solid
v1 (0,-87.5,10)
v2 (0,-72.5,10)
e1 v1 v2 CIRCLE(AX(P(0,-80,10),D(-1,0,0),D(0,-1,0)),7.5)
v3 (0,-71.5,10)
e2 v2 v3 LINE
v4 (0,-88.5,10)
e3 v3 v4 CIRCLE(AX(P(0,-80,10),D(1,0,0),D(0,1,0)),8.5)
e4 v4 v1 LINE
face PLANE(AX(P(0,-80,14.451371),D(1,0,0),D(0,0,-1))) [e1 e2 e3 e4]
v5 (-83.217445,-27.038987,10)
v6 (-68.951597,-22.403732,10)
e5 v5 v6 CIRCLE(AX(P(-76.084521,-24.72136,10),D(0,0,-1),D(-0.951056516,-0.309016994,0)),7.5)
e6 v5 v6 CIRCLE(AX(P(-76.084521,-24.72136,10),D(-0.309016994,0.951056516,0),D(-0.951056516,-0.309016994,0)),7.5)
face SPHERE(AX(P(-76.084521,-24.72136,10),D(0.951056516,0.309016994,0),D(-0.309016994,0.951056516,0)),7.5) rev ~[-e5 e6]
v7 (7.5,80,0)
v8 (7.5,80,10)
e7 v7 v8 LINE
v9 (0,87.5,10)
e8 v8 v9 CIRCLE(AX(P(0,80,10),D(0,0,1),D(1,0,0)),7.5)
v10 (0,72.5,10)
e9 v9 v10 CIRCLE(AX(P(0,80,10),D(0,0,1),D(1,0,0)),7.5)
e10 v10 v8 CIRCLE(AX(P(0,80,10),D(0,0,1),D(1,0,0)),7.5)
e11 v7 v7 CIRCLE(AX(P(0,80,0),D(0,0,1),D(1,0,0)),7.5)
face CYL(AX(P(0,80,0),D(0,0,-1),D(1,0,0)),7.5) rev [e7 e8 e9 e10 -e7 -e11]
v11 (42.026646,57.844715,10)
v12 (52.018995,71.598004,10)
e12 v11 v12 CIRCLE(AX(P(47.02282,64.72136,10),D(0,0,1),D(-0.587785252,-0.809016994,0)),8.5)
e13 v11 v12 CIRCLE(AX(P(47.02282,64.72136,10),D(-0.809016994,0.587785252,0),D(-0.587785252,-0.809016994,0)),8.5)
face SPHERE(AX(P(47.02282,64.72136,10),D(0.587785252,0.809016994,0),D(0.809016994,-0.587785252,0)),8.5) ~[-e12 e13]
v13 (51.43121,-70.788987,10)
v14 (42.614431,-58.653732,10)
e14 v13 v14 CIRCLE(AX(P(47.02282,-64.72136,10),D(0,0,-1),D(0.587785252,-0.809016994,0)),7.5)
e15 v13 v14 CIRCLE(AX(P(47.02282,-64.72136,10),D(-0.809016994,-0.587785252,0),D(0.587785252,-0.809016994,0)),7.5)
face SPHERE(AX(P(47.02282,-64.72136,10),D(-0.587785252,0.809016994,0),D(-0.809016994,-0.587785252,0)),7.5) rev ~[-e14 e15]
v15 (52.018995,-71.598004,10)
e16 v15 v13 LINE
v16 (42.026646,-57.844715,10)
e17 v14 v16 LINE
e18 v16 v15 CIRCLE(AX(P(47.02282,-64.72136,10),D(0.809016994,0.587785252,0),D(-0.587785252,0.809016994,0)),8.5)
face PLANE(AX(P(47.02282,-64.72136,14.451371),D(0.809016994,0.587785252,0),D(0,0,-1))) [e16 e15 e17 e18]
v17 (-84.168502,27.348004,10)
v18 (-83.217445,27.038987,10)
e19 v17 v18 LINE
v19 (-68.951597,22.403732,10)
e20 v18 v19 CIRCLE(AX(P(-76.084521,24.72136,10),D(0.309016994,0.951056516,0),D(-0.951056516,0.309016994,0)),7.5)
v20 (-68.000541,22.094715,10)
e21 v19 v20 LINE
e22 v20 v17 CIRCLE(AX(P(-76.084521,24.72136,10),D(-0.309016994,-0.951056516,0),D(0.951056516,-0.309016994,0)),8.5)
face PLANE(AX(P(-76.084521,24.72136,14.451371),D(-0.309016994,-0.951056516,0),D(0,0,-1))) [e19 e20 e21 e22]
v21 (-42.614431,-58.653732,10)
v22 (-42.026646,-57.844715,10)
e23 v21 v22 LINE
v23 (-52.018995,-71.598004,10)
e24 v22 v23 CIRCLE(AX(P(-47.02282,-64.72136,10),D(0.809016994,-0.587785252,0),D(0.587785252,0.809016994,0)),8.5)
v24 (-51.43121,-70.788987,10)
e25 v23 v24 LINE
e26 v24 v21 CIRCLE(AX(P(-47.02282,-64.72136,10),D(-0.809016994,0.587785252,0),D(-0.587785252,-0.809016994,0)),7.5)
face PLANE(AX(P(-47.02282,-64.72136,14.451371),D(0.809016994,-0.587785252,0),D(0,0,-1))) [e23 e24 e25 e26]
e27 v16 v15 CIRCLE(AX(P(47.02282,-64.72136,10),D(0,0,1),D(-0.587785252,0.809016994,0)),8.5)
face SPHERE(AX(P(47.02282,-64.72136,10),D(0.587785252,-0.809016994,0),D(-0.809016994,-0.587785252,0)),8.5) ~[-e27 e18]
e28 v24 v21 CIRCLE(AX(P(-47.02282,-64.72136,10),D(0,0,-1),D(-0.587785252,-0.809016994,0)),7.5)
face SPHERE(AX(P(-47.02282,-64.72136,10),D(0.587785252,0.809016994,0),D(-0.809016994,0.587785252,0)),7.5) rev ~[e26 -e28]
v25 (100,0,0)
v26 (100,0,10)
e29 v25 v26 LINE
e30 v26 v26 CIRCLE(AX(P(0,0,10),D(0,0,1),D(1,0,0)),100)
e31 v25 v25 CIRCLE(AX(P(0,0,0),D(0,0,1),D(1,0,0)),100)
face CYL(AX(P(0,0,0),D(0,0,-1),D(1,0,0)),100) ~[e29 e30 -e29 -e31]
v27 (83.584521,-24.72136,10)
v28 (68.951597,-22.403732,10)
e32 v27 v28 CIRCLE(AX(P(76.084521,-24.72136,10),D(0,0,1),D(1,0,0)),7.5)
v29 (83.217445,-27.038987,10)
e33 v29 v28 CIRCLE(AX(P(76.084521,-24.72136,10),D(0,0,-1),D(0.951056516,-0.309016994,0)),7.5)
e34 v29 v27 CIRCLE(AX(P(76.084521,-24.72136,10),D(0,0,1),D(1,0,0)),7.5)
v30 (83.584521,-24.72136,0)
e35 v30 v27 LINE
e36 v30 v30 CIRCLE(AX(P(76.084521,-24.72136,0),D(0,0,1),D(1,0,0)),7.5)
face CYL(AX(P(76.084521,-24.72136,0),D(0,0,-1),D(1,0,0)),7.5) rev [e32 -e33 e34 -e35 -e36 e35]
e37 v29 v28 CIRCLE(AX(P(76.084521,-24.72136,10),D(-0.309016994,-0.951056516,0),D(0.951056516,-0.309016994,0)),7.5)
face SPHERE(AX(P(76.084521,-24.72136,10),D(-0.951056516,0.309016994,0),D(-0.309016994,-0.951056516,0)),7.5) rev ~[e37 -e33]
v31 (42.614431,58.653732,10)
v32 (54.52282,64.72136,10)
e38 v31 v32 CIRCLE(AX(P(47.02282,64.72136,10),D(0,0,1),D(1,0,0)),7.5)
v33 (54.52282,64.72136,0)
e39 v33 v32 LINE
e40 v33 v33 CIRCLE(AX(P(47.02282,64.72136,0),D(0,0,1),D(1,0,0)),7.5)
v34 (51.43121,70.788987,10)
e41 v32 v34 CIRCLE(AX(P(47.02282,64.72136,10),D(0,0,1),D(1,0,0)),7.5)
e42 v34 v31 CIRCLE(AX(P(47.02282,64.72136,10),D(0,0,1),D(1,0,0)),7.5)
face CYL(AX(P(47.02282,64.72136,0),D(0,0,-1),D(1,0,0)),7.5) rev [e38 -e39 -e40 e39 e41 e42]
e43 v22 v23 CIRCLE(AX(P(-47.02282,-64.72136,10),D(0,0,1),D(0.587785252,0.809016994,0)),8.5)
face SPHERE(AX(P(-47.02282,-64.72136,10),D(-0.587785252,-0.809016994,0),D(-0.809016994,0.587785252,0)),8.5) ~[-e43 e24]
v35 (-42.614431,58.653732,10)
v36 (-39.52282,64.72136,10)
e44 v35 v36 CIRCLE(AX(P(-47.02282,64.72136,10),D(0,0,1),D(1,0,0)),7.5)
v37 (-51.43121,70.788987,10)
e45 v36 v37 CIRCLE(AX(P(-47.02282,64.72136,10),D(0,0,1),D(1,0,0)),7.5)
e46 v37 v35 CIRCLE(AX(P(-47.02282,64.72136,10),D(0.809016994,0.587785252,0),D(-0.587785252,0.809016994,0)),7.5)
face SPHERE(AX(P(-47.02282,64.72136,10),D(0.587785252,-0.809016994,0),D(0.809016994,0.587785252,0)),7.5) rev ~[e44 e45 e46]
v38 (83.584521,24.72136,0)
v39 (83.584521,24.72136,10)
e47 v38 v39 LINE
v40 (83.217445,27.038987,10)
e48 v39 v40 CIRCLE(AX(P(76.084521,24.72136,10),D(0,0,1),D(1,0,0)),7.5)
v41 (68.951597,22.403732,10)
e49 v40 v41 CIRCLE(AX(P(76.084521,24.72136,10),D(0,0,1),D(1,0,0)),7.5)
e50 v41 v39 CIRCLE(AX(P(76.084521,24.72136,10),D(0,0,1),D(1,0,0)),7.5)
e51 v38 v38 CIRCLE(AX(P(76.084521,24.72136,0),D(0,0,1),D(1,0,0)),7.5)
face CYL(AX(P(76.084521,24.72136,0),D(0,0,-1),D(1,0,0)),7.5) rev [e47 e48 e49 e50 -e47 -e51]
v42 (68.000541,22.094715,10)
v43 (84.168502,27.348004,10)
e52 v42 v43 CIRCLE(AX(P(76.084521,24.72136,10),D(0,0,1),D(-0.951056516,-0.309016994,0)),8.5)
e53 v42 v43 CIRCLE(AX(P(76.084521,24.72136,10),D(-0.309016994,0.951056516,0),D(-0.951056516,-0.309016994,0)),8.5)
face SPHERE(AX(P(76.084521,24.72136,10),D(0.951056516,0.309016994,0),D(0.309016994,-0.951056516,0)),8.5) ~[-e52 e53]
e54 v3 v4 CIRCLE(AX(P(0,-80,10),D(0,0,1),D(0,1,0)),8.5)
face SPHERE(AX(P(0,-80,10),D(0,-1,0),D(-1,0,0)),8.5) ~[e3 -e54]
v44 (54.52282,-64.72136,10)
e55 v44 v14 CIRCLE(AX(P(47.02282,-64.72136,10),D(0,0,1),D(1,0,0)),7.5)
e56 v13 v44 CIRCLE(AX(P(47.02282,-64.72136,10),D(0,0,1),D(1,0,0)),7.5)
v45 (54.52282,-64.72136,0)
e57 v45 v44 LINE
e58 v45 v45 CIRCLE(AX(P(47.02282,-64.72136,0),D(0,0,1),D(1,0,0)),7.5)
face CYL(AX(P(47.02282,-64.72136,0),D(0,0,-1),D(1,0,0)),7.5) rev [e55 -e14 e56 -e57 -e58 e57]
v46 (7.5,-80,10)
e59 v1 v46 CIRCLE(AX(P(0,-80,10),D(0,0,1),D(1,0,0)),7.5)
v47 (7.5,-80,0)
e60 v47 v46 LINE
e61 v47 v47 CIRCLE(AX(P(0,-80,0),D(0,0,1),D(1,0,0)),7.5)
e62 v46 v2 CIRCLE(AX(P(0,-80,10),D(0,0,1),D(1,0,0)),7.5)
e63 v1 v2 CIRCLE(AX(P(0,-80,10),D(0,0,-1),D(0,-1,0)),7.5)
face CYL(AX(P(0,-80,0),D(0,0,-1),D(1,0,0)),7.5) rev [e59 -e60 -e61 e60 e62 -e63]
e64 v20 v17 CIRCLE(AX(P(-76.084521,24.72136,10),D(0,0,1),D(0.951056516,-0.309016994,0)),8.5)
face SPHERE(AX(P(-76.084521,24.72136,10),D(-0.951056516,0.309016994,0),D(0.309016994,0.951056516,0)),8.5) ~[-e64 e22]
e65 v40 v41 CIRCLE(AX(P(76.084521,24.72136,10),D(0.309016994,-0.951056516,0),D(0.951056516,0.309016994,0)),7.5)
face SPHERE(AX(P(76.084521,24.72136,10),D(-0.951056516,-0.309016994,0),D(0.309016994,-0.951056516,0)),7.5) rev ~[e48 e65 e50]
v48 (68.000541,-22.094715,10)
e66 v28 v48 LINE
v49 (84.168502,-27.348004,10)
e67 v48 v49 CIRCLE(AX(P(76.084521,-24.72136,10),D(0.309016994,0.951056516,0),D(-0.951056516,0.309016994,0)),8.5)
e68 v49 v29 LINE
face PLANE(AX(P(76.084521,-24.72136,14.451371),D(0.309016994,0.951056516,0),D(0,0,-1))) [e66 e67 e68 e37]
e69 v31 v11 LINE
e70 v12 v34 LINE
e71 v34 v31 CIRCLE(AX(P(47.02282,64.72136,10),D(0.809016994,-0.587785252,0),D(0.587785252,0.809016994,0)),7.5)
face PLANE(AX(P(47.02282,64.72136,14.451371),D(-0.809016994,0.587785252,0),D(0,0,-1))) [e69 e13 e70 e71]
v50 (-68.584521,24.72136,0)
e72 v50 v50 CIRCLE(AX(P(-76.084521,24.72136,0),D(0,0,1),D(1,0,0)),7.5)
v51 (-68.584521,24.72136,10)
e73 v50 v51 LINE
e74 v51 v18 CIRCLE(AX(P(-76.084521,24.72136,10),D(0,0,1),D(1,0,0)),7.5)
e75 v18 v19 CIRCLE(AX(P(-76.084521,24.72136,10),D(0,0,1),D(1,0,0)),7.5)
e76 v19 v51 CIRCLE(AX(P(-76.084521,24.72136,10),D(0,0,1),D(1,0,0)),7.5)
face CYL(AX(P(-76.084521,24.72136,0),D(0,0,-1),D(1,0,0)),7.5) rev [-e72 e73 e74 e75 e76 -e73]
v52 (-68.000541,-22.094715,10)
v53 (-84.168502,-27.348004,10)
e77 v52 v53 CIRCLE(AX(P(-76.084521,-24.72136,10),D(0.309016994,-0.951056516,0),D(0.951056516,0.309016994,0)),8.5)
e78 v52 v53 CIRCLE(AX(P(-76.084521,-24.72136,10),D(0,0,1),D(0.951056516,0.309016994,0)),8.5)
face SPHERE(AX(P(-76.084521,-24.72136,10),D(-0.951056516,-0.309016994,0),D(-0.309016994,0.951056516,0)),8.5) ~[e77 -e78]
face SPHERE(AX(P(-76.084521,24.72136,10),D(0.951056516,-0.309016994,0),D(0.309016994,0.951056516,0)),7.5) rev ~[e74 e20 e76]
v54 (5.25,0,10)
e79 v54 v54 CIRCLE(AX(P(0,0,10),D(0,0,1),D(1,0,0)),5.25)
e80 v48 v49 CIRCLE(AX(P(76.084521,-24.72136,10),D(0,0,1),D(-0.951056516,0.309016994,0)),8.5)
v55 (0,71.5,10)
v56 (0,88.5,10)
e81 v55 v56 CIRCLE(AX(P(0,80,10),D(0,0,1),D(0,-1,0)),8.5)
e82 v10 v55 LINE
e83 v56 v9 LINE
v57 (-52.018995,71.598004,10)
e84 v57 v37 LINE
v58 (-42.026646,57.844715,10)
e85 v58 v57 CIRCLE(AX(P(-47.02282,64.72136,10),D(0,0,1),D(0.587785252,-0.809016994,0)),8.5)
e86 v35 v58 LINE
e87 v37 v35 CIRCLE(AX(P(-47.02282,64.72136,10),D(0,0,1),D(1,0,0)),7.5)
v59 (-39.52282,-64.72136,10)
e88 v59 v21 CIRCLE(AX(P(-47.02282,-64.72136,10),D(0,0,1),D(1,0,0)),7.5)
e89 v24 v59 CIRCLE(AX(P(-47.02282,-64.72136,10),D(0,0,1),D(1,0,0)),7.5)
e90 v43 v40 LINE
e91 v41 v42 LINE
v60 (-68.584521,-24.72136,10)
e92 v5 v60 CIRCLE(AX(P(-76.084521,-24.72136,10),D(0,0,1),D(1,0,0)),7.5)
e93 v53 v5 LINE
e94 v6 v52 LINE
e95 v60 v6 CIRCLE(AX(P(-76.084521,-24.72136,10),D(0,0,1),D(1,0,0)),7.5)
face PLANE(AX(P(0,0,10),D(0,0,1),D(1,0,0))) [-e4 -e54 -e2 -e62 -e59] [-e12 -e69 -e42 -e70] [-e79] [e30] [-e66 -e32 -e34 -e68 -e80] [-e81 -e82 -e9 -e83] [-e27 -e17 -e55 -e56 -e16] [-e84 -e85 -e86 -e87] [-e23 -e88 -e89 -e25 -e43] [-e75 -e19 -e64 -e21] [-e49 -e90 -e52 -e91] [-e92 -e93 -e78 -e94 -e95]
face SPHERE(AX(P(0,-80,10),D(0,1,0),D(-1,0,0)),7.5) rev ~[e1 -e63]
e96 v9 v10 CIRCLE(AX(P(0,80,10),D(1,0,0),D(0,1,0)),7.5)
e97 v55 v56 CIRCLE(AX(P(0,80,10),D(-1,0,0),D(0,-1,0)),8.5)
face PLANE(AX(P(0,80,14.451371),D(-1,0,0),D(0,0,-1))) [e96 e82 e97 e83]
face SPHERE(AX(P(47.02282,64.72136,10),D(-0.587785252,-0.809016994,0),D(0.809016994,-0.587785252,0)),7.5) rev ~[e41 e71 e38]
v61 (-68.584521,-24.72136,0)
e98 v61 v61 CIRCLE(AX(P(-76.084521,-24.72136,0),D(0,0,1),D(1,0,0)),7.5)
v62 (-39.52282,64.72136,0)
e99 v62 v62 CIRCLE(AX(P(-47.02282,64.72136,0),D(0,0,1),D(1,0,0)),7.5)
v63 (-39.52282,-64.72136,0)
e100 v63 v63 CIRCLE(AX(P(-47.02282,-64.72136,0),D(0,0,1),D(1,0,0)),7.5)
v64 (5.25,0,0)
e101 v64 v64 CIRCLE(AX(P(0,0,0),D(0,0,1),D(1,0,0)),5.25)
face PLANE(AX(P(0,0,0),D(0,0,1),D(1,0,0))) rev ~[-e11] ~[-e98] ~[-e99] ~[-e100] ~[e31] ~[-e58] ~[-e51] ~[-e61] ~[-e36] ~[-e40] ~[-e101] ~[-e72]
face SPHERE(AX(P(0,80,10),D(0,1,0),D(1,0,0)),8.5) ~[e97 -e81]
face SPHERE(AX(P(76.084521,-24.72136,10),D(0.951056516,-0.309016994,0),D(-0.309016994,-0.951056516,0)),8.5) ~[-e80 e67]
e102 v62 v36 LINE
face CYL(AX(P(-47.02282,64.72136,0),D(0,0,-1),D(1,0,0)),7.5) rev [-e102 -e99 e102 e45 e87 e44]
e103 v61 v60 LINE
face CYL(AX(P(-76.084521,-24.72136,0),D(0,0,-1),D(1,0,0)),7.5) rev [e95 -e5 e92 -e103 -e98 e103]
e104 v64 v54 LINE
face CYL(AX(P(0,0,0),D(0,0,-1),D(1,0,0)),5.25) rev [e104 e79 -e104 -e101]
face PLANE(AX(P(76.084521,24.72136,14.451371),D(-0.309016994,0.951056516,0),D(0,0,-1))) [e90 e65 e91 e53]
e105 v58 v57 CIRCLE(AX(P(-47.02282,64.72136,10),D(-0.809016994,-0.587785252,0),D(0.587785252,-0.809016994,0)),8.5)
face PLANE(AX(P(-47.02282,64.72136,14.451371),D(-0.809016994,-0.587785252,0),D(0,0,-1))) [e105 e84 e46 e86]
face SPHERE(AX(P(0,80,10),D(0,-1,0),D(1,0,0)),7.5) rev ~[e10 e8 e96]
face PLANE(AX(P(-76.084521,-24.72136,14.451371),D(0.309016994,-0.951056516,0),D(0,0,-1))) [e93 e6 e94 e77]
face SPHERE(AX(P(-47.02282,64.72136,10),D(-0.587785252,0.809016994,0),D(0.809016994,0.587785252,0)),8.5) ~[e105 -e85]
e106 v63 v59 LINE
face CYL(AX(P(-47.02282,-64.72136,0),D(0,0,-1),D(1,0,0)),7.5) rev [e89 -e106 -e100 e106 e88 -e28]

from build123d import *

# Parameters (mm, degrees)
SKETCH2_R           = 100
SKETCH2_R_2         = 5.25
SKETCH2_R_3         = 7.5
BOSS_EXTRUDE1_DEPTH = 10
REVOLVE6_ANGLE      = 90
CIRPATTERN3_COUNT   = 10


with BuildPart() as part:
    # Sketch2 → Boss-Extrude1 (new body)
    with BuildSketch(Plane.XY):
        Circle(SKETCH2_R)
        Circle(SKETCH2_R_2, mode=Mode.SUBTRACT)
        with Locations((0, 80)):
            Circle(SKETCH2_R_3, mode=Mode.SUBTRACT)
        with Locations((47.022820183, 64.72135955)):
            Circle(SKETCH2_R_3, mode=Mode.SUBTRACT)
        with Locations((76.084521304, 24.72135955)):
            Circle(SKETCH2_R_3, mode=Mode.SUBTRACT)
        with Locations((76.084521304, -24.72135955)):
            Circle(SKETCH2_R_3, mode=Mode.SUBTRACT)
        with Locations((47.022820183, -64.72135955)):
            Circle(SKETCH2_R_3, mode=Mode.SUBTRACT)
        with Locations((0, -80)):
            Circle(SKETCH2_R_3, mode=Mode.SUBTRACT)
        with Locations((-47.022820183, -64.72135955)):
            Circle(SKETCH2_R_3, mode=Mode.SUBTRACT)
        with Locations((-76.084521304, -24.72135955)):
            Circle(SKETCH2_R_3, mode=Mode.SUBTRACT)
        with Locations((-76.084521304, 24.72135955)):
            Circle(SKETCH2_R_3, mode=Mode.SUBTRACT)
        with Locations((-47.022820183, 64.72135955)):
            Circle(SKETCH2_R_3, mode=Mode.SUBTRACT)
    extrude(amount=BOSS_EXTRUDE1_DEPTH)

    # Sketch7 → Revolve6 (revolve)
    with BuildSketch(Plane.XY.offset(10)):
        with BuildLine():
            Line((0, -88.5), (0, -87.5))
            ThreePointArc((0, -87.5), (-7.5, -80), (0, -72.5))
            Line((0, -72.5), (0, -71.5))
            ThreePointArc((0, -71.5), (-8.5, -80), (0, -88.5))
        make_face()
    revolve6 = revolve(axis=Axis((0, -88.5, 10), (0, 1, 0)), revolution_arc=REVOLVE6_ANGLE)

    # CirPattern3: Revolve6 ×10 about axis
    cirpattern3_axis = Axis((0, 0, 0), (0, 0, 1))
    for i in range(1, CIRPATTERN3_COUNT):
        add(revolve6.rotate(cirpattern3_axis, i * 360 / CIRPATTERN3_COUNT))


solid = part.part
